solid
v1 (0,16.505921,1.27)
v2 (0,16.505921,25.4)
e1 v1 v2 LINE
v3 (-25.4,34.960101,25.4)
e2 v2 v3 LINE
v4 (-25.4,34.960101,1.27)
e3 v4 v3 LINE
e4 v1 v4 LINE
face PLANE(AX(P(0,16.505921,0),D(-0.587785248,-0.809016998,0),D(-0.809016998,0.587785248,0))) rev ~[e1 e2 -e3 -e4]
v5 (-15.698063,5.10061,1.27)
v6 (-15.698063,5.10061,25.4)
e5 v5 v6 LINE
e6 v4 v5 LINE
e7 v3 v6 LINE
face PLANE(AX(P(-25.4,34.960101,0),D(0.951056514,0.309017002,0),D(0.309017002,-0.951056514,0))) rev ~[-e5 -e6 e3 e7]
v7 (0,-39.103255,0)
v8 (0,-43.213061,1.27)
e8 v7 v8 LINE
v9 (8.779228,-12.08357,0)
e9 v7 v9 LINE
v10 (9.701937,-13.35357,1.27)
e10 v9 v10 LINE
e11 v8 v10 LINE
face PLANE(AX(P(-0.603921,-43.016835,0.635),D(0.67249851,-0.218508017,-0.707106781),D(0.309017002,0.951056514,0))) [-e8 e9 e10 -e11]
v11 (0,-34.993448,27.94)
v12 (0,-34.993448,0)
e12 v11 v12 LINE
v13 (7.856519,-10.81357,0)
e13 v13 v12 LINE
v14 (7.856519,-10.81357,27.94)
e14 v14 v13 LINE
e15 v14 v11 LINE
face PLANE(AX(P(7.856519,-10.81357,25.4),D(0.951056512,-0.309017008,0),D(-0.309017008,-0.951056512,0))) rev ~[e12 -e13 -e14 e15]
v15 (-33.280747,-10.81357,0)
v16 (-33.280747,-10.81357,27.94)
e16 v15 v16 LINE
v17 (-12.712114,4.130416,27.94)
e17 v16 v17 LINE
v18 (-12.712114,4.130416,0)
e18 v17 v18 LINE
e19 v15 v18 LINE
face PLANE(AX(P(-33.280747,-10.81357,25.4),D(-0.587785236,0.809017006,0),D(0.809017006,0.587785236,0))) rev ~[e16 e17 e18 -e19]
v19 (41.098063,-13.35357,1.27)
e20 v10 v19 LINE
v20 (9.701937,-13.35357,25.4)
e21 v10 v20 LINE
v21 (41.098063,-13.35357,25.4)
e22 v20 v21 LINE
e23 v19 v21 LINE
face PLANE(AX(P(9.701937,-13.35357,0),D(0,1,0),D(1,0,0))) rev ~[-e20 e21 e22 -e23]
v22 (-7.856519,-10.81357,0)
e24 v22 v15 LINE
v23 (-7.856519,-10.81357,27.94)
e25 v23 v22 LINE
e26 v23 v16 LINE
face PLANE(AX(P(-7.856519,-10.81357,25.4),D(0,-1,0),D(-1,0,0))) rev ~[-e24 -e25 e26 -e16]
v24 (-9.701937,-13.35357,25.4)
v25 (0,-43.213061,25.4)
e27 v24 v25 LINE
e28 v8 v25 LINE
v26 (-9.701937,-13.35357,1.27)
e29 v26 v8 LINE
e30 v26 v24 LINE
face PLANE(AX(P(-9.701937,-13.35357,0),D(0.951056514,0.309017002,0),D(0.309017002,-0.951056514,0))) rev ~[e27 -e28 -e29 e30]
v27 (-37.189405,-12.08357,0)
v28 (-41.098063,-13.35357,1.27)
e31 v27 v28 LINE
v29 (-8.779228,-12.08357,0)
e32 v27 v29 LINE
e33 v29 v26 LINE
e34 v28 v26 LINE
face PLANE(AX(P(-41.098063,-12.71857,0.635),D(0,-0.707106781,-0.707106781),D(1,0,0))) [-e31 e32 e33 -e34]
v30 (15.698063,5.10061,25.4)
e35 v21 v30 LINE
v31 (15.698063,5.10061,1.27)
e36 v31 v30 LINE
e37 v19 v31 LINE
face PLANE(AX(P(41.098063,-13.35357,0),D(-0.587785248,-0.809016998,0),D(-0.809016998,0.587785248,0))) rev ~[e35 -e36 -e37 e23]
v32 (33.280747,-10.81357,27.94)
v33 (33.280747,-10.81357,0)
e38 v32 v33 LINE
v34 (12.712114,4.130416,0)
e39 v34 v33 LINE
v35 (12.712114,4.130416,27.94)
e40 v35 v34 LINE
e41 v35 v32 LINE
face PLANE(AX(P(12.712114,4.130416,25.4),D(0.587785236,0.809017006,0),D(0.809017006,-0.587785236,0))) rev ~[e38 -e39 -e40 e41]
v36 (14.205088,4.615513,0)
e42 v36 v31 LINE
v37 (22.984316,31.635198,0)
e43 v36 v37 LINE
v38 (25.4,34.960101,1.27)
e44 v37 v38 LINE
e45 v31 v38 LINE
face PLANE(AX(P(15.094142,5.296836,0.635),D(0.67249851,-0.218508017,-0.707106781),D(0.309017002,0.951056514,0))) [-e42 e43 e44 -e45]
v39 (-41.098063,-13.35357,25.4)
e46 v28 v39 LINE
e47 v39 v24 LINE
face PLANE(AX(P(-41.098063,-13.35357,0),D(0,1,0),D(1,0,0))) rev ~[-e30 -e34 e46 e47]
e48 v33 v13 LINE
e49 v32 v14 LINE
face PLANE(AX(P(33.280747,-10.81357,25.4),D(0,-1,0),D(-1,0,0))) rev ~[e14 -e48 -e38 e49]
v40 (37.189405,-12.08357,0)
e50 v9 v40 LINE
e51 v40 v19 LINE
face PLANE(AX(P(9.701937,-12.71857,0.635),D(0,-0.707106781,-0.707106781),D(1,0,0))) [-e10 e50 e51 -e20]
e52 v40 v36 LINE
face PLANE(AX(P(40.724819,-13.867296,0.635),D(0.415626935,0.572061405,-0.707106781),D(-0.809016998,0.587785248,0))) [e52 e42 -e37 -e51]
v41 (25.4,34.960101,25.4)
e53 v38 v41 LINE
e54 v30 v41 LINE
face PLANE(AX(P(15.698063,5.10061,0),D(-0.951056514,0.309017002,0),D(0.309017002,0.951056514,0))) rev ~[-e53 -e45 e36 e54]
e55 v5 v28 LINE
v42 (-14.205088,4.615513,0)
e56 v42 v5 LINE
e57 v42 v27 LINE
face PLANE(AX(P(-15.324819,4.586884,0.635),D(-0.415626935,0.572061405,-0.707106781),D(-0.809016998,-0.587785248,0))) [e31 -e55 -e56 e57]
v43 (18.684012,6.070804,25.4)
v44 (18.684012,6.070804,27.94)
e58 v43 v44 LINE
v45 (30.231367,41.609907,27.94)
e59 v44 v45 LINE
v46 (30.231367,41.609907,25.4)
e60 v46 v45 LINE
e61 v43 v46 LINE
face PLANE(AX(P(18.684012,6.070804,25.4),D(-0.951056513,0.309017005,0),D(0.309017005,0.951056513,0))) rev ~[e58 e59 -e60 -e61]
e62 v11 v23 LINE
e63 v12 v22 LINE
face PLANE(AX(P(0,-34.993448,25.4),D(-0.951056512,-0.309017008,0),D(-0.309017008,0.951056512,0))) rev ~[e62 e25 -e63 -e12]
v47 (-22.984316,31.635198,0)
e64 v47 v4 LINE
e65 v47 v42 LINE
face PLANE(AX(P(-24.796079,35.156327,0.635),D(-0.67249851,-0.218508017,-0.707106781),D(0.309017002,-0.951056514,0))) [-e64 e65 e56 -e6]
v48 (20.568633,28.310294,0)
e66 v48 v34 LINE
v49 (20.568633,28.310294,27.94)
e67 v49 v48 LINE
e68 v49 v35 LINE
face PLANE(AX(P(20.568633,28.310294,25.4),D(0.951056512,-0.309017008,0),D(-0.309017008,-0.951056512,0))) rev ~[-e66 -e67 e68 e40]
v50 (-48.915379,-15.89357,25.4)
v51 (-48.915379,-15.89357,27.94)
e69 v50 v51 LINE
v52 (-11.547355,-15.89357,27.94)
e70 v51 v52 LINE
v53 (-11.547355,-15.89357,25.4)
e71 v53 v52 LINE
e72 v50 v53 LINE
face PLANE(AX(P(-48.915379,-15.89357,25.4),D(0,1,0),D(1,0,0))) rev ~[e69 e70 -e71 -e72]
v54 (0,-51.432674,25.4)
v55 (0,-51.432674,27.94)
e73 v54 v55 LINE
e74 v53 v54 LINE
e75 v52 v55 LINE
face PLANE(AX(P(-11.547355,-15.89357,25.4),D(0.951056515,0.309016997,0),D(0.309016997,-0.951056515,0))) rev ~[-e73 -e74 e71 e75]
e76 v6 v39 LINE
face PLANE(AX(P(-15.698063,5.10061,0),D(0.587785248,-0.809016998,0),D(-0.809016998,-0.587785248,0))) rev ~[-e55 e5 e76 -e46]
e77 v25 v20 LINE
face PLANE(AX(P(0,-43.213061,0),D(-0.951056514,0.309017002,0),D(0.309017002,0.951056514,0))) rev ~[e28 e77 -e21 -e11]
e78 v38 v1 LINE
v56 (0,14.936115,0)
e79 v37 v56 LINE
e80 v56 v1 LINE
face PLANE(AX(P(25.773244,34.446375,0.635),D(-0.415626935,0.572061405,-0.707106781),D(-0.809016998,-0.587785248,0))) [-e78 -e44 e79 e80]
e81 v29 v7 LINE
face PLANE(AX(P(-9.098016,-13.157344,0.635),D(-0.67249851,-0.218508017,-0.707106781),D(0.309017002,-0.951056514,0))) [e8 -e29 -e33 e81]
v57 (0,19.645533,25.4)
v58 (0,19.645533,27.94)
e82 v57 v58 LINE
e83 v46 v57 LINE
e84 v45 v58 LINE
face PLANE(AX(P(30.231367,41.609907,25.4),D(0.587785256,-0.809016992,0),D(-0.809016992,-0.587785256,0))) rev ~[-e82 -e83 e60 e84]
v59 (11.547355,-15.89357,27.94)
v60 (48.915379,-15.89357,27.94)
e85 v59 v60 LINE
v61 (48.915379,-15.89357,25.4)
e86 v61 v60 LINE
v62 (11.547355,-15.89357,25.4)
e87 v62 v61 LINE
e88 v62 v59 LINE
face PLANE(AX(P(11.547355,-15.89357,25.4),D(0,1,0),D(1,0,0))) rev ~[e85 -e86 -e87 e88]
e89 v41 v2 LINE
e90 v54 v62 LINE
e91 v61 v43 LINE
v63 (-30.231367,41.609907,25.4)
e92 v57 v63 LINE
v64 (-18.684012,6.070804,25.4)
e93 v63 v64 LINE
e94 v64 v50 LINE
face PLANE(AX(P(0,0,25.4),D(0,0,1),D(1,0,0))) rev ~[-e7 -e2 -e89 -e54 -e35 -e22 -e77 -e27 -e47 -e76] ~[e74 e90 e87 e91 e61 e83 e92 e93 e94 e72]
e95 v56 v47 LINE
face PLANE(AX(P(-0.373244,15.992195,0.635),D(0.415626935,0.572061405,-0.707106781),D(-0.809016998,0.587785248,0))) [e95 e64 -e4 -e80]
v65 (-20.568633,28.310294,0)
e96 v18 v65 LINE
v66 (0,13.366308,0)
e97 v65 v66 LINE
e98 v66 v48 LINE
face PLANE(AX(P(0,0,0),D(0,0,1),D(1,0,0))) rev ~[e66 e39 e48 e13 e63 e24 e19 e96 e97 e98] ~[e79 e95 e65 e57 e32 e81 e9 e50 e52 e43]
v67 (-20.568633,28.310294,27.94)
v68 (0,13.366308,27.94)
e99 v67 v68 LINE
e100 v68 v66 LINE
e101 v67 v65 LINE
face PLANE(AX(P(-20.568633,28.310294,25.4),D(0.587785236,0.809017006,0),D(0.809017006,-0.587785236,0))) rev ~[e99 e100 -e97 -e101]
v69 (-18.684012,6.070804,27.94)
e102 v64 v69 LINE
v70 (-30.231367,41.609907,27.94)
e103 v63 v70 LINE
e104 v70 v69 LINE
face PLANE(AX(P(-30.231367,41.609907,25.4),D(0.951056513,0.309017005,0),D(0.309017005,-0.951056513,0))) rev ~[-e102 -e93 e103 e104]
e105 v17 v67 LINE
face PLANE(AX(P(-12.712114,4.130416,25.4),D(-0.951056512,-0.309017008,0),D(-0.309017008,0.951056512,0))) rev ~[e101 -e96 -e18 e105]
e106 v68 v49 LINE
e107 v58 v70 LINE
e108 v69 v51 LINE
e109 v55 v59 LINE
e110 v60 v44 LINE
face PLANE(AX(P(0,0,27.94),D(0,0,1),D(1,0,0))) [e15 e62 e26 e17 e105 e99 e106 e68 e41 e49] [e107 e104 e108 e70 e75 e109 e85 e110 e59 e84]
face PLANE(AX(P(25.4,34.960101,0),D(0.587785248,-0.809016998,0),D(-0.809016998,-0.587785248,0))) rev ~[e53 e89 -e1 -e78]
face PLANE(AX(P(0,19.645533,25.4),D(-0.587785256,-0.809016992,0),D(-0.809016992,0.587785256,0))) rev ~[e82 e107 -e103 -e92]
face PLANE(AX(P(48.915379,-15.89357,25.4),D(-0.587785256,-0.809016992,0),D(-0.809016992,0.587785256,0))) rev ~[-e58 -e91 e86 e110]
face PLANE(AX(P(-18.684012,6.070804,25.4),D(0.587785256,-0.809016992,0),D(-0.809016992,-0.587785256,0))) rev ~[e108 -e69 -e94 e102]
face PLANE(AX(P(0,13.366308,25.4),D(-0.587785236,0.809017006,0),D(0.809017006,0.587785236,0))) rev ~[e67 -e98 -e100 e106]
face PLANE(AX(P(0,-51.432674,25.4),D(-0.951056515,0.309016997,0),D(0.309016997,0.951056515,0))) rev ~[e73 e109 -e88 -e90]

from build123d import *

# Parameters (mm, degrees)
F1_DEPTH = 25.4
F3_DEPTH = 2.54
F4_SIZE  = 1.27


with BuildPart() as f1:
    # F0 (on Top) → F1 (new body)
    with BuildSketch(Plane.XY):
        Polygon((0, 16.505921), (-25.4, 34.960101), (-15.698063, 5.10061), (-41.098063, -13.35357), (-9.701937, -13.35357), (0, -43.213061), (9.701937, -13.35357), (41.098063, -13.35357), (15.698063, 5.10061), (25.4, 34.960101), align=None)
        Polygon((-12.712114, 4.130416), (-20.568633, 28.310294), (0, 13.366308), (20.568633, 28.310294), (12.712114, 4.130416), (33.280747, -10.81357), (7.856519, -10.81357), (0, -34.993448), (-7.856519, -10.81357), (-33.280747, -10.81357), align=None, mode=Mode.SUBTRACT)
    extrude(amount=F1_DEPTH)

    # F2 (on face) → F3 (join)
    with BuildSketch(Plane.XY.offset(25.4)):
        Polygon((18.684012, 6.070804), (30.231367, 41.609907), (0, 19.645533), (-30.231367, 41.609907), (-18.684012, 6.070804), (-48.915379, -15.89357), (-11.547355, -15.89357), (0, -51.432674), (11.547355, -15.89357), (48.915379, -15.89357), align=None)
        Polygon((0, 16.505921), (25.4, 34.960101), (15.698063, 5.10061), (41.098063, -13.35357), (9.701937, -13.35357), (0, -43.213061), (-9.701937, -13.35357), (-41.098063, -13.35357), (-15.698063, 5.10061), (-25.4, 34.960101), align=None, mode=Mode.SUBTRACT)
        Polygon((15.698063, 5.10061), (25.4, 34.960101), (0, 16.505921), (-25.4, 34.960101), (-15.698063, 5.10061), (-41.098063, -13.35357), (-9.701937, -13.35357), (0, -43.213061), (9.701937, -13.35357), (41.098063, -13.35357), align=None)
        Polygon((-33.280747, -10.81357), (-12.712114, 4.130416), (-20.568633, 28.310294), (0, 13.366308), (20.568633, 28.310294), (12.712114, 4.130416), (33.280747, -10.81357), (7.856519, -10.81357), (0, -34.993448), (-7.856519, -10.81357), align=None, mode=Mode.SUBTRACT)
    extrude(amount=F3_DEPTH)

    # F4
    f4_edges = [f1.edges().sort_by_distance(p)[0] for p in [
        (20.549032, 20.030355, 0),
        (12.7, 25.733011, 0),
        (-12.7, 25.733011, 0),
        (-20.549032, 20.030355, 0),
        (-28.398063, -4.12648, 0),
        (-25.4, -13.35357, 0),
        (-4.850968, -28.283316, 0),
        (4.850968, -28.283316, 0),
        (25.4, -13.35357, 0),
        (28.398063, -4.12648, 0),
    ]]
    chamfer(f4_edges, length=F4_SIZE)


solid = f1.part
